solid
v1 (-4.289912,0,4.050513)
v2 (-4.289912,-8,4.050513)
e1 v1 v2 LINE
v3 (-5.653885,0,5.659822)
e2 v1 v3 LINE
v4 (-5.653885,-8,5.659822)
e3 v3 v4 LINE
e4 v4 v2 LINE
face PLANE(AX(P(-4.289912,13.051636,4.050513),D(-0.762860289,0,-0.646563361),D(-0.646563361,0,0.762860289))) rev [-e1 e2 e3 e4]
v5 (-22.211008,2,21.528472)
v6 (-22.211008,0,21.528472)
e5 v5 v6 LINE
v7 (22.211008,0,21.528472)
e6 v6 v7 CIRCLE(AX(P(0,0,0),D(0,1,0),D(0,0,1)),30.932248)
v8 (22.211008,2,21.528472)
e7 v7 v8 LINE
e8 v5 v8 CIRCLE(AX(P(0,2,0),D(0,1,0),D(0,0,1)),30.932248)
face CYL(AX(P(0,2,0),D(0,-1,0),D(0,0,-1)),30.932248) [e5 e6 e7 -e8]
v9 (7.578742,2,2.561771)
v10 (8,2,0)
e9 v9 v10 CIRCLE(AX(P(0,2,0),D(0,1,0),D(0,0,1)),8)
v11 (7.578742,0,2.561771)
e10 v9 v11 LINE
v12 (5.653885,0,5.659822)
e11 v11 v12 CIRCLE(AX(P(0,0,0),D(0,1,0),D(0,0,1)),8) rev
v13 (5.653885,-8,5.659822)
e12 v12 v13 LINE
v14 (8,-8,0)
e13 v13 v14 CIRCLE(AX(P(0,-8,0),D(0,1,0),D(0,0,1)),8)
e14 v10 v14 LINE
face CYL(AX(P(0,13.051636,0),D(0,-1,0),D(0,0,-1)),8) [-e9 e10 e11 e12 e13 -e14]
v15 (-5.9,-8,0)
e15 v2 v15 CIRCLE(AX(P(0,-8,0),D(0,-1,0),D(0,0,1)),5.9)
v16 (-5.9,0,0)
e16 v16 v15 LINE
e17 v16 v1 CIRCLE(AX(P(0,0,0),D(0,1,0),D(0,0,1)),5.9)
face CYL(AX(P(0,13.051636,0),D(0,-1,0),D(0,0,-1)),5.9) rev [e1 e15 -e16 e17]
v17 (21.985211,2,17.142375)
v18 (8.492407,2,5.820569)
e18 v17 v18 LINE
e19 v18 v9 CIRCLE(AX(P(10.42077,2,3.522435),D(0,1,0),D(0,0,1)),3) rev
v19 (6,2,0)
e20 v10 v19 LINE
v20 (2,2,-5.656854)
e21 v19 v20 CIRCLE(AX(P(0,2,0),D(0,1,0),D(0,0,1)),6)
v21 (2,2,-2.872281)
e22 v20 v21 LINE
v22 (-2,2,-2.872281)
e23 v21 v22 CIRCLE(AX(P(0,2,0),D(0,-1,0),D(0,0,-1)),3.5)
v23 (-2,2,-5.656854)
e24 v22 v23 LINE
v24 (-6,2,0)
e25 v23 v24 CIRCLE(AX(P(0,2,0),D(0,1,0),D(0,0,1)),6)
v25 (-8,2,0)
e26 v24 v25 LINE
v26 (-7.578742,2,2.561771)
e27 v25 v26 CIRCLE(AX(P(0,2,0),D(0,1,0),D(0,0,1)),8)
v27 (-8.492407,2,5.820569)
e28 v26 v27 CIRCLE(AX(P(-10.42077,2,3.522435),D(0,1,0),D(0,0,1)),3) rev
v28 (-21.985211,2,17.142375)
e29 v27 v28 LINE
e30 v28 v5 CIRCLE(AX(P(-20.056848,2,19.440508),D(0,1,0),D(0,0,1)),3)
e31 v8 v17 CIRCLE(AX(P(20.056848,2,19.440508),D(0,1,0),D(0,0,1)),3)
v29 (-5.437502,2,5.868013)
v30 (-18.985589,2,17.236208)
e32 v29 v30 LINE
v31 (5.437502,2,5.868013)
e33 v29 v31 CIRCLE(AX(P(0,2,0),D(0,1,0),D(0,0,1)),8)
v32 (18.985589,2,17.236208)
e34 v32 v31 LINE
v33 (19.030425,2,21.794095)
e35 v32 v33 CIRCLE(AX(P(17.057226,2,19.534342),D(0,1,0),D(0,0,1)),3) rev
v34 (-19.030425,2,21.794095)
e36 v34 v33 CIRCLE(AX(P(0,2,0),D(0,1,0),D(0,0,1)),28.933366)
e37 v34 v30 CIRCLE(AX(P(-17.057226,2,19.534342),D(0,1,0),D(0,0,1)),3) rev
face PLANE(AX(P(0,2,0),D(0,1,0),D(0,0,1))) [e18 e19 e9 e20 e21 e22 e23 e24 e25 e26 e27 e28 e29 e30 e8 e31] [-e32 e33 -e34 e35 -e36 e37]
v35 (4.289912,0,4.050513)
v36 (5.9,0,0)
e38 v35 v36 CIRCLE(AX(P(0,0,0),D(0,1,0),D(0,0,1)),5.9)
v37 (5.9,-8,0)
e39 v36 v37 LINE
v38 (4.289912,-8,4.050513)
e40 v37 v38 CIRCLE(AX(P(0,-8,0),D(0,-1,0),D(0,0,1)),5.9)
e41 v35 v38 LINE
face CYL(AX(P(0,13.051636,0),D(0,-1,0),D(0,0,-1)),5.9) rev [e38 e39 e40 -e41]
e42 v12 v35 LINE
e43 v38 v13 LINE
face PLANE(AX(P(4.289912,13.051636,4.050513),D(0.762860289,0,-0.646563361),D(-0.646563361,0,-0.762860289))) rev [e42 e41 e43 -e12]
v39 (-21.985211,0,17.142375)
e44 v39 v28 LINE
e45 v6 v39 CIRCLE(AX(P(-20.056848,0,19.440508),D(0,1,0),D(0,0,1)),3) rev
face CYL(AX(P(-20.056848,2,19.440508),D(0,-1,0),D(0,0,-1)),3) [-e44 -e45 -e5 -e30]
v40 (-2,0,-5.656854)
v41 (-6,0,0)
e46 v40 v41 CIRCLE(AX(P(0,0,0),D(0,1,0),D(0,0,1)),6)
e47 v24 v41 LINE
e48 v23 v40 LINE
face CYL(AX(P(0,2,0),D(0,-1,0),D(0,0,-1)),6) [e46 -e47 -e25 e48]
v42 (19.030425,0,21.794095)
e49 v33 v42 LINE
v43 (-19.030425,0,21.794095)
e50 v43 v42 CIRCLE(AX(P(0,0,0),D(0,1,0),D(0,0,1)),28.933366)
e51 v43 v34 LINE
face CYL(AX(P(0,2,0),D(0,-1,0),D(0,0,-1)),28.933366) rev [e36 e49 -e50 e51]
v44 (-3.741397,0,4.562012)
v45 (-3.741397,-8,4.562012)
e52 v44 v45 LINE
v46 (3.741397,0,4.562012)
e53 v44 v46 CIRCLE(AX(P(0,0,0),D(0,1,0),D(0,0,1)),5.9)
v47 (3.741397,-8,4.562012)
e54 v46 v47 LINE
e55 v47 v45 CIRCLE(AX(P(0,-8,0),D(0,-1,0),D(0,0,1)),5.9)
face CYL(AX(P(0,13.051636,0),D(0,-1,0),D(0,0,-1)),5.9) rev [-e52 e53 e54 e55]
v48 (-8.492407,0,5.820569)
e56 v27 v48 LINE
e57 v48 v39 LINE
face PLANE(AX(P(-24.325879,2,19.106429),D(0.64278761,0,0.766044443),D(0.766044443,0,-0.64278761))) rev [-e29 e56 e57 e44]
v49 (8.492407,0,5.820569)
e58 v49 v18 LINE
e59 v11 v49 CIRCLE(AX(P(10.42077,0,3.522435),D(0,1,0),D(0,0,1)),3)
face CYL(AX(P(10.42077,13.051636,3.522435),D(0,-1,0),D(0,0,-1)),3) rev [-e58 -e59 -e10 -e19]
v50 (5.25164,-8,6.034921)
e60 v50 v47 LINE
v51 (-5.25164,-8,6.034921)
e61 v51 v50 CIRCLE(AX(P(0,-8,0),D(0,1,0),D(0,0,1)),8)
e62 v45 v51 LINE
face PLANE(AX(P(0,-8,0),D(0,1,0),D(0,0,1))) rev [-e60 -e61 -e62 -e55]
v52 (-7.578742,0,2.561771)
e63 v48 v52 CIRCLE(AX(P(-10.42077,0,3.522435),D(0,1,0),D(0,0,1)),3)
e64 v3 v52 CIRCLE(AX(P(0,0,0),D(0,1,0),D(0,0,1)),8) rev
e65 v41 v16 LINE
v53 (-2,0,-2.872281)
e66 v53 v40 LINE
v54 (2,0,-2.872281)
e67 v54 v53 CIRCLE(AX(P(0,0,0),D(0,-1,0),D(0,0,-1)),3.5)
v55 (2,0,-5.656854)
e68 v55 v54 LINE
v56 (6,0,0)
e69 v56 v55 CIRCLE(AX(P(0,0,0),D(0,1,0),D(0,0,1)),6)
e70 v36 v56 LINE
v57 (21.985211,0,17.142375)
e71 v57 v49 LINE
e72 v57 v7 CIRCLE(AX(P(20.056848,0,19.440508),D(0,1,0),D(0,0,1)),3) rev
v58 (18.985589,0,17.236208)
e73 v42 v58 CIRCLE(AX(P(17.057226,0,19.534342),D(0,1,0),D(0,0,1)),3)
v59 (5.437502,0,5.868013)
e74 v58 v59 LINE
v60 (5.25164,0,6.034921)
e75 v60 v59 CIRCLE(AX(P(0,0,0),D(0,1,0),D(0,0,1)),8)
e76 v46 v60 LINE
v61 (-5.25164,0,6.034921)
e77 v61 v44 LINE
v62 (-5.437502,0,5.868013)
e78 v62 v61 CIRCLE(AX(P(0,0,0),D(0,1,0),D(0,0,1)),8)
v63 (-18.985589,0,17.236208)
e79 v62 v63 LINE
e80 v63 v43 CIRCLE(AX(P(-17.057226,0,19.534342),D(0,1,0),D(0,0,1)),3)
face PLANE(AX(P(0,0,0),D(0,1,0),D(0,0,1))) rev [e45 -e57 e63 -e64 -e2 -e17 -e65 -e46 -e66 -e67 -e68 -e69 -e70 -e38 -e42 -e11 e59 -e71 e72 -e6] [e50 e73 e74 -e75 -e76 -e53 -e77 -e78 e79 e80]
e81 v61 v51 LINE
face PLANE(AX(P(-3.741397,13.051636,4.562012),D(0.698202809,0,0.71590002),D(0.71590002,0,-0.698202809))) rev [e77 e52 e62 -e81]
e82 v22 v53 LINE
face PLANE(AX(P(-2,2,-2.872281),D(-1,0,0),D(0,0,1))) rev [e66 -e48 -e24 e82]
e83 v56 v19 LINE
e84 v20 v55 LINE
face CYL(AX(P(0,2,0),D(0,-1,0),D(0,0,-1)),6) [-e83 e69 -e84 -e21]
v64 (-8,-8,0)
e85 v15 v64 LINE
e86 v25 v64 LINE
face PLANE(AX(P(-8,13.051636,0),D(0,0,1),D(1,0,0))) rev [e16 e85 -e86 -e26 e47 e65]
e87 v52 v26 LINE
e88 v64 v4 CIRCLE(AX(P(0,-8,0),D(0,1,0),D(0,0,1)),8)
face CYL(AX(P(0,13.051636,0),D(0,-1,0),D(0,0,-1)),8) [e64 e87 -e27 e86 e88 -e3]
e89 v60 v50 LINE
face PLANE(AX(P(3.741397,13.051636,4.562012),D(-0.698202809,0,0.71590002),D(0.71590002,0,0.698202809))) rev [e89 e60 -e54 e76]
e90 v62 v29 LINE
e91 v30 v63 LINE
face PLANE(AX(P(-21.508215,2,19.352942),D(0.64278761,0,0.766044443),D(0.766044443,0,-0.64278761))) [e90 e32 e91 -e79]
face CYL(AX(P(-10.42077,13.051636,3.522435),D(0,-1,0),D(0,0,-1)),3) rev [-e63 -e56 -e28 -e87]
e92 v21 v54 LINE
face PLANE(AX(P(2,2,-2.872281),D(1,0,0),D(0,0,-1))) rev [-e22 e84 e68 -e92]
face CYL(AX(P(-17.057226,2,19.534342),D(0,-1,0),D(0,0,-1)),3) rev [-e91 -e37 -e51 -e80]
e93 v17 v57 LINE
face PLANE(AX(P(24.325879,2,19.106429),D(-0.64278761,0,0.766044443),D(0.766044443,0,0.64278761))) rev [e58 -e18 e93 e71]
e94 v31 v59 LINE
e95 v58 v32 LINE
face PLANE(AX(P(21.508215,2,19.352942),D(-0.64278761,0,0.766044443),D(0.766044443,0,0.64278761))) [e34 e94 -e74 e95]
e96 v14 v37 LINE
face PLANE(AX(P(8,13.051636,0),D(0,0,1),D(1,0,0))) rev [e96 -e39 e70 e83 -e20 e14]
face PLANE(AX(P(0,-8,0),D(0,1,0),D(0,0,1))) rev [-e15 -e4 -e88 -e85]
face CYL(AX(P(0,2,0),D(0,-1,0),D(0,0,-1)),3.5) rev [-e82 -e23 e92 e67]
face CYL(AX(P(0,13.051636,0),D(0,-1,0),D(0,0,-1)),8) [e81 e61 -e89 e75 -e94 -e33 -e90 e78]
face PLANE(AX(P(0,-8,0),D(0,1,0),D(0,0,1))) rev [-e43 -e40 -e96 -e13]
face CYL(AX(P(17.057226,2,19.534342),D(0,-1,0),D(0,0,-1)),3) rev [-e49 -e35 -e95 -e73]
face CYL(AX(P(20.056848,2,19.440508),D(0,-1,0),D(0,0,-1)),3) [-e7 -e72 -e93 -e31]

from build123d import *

# Parameters (mm, degrees)
BOSS_EXTRUDE1_DEPTH             = 2
BOSS_EXTRUDE2_DEPTH             = 8
BOSS_EXTRUDE2_DIRECTION_2_REACH = 41.402
BOSS_EXTRUDE3_START             = 2
BOSS_EXTRUDE3_DEPTH             = 2
FILLET1_R                       = 3


with BuildPart() as part:
    # Sketch1 → Boss-Extrude1 (new body)
    with BuildSketch(Plane(origin=(0, 0, 0), x_dir=(1, 0, 0), z_dir=(0, 1, 0))):
        with BuildLine():
            Line((-2, 2.872281323), (-2, 5.656854249))
            ThreePointArc((-2, 5.656854249), (-3.622947325, 4.782703491), (-4.903918858, 3.457105702))
            ThreePointArc((-4.903918858, 3.457105702), (-5.994787991, 0.250033892), (-5.174767653, -3.036738339))
            Line((-5.174767653, -3.036738339), (-24.325878731, -19.106428582))
            ThreePointArc((-24.325878731, -19.106428582), (0, -30.932248369), (24.325878731, -19.106428582))
            Line((24.325878731, -19.106428582), (5.174767653, -3.036738339))
            ThreePointArc((5.174767653, -3.036738339), (5.869268357, 1.245668074), (3.495228191, 4.876820675))
            ThreePointArc((3.495228191, 4.876820675), (2.775156989, 5.319633793), (2, 5.656854249))
            Line((2, 5.656854249), (2, 2.872281323))
            ThreePointArc((2, 2.872281323), (0, -3.5), (-2, 2.872281323))
        make_face()
        with BuildLine():
            Line((21.508214625, -19.352942248), (3.889192433, -4.568827226))
            ThreePointArc((3.889192433, -4.568827226), (1.593935567, -5.784407438), (-1, -5.916079783))
            ThreePointArc((-1, -5.916079783), (-2.53570957, -5.437846722), (-3.889192433, -4.568827226))
            Line((-3.889192433, -4.568827226), (-21.508214625, -19.352942248))
            ThreePointArc((-21.508214625, -19.352942248), (0, -28.933366033), (21.508214625, -19.352942248))
        make_face(mode=Mode.SUBTRACT)
    extrude(amount=BOSS_EXTRUDE1_DEPTH)

    # Sketch2 → Boss-Extrude2 (add)
    with BuildSketch(Plane(origin=(0, 0, 0), x_dir=(1, 0, 0), z_dir=(0, 1, 0))):
        with BuildLine():
            Line((-8, 0), (-5.9, 0))
            ThreePointArc((-5.9, 0), (-5.482722017, -2.179394246), (-4.289912109, -4.050512819))
            Line((-4.289912109, -4.050512819), (-5.653884688, -5.659822253))
            ThreePointArc((-5.653884688, -5.659822253), (-7.390232659, -3.063406804), (-8, 0))
        make_face()
        with BuildLine():
            Line((8, 0), (5.9, 0))
            ThreePointArc((5.9, 0), (5.482722017, -2.179394246), (4.289912109, -4.050512819))
            Line((4.289912109, -4.050512819), (5.653884688, -5.659822253))
            ThreePointArc((5.653884688, -5.659822253), (7.390232659, -3.063406804), (8, 0))
        make_face()
        with BuildLine():
            Line((3.741396832, -4.562011589), (5.251640152, -6.034921351))
            ThreePointArc((5.251640152, -6.034921351), (0, -8), (-5.251640152, -6.034921351))
            Line((-5.251640152, -6.034921351), (-3.741396832, -4.562011589))
            ThreePointArc((-3.741396832, -4.562011589), (0, -5.9), (3.741396832, -4.562011589))
        make_face()
    extrude(amount=-BOSS_EXTRUDE2_DEPTH)

    # Boss-Extrude2 direction 2: up to this face of the body (flat: up to its plane)
    boss_extrude2_direction_2_end = Plane(part.part.faces().sort_by_distance((14.359026746, 2, 11.537912405))[0])
    # Sketch2 → Boss-Extrude2 direction 2 (add, up to the picked face)
    with BuildSketch(Plane(origin=(0, 0, 0), x_dir=(1, 0, 0), z_dir=(0, 1, 0)), mode=Mode.PRIVATE) as boss_extrude2_direction_2_sk1:
        with BuildLine():
            Line((-8, 0), (-5.9, 0))
            ThreePointArc((-5.9, 0), (-5.482722017, -2.179394246), (-4.289912109, -4.050512819))
            Line((-4.289912109, -4.050512819), (-5.653884688, -5.659822253))
            ThreePointArc((-5.653884688, -5.659822253), (-7.390232659, -3.063406804), (-8, 0))
        make_face()
    boss_extrude2_direction_2_tool1 = split(extrude(boss_extrude2_direction_2_sk1.sketch, amount=BOSS_EXTRUDE2_DIRECTION_2_REACH, mode=Mode.PRIVATE), bisect_by=boss_extrude2_direction_2_end, keep=Keep.BOTH, mode=Mode.PRIVATE)
    # Sketch2 → Boss-Extrude2 direction 2 (add, up to the picked face)
    with BuildSketch(Plane(origin=(0, 0, 0), x_dir=(1, 0, 0), z_dir=(0, 1, 0)), mode=Mode.PRIVATE) as boss_extrude2_direction_2_sk2:
        with BuildLine():
            Line((8, 0), (5.9, 0))
            ThreePointArc((5.9, 0), (5.482722017, -2.179394246), (4.289912109, -4.050512819))
            Line((4.289912109, -4.050512819), (5.653884688, -5.659822253))
            ThreePointArc((5.653884688, -5.659822253), (7.390232659, -3.063406804), (8, 0))
        make_face()
    boss_extrude2_direction_2_tool2 = split(extrude(boss_extrude2_direction_2_sk2.sketch, amount=BOSS_EXTRUDE2_DIRECTION_2_REACH, mode=Mode.PRIVATE), bisect_by=boss_extrude2_direction_2_end, keep=Keep.BOTH, mode=Mode.PRIVATE)
    # Sketch2 → Boss-Extrude2 direction 2 (add, up to the picked face)
    with BuildSketch(Plane(origin=(0, 0, 0), x_dir=(1, 0, 0), z_dir=(0, 1, 0)), mode=Mode.PRIVATE) as boss_extrude2_direction_2_sk3:
        with BuildLine():
            Line((3.741396832, -4.562011589), (5.251640152, -6.034921351))
            ThreePointArc((5.251640152, -6.034921351), (0, -8), (-5.251640152, -6.034921351))
            Line((-5.251640152, -6.034921351), (-3.741396832, -4.562011589))
            ThreePointArc((-3.741396832, -4.562011589), (0, -5.9), (3.741396832, -4.562011589))
        make_face()
    boss_extrude2_direction_2_tool3 = split(extrude(boss_extrude2_direction_2_sk3.sketch, amount=BOSS_EXTRUDE2_DIRECTION_2_REACH, mode=Mode.PRIVATE), bisect_by=boss_extrude2_direction_2_end, keep=Keep.BOTH, mode=Mode.PRIVATE)
    add(boss_extrude2_direction_2_tool1.solids().sort_by(Axis((-6.329529, 0, 2.580804), (0, 1, 0)))[0])
    add(boss_extrude2_direction_2_tool2.solids().sort_by(Axis((6.329529, 0, 2.580804), (0, 1, 0)))[0])
    add(boss_extrude2_direction_2_tool3.solids().sort_by(Axis((0, 0, 6.444232), (0, 1, 0)))[0])

    # Sketch3 → Boss-Extrude3 (add)
    with BuildSketch(Plane(origin=(0, 0, 0), x_dir=(1, 0, 0), z_dir=(0, 1, 0)).offset(BOSS_EXTRUDE3_START)):
        with BuildLine():
            Line((-8, 0), (-5.903175189, 0))
            ThreePointArc((-5.903175189, 0), (0, -5.903175189), (5.903175189, 0))
            Line((5.903175189, 0), (8, 0))
            ThreePointArc((8, 0), (0, -8), (-8, 0))
        make_face()
    extrude(amount=-BOSS_EXTRUDE3_DEPTH)

    # Fillet1
    fillet1_edges = [part.edges().sort_by_distance(p)[0] for p in [
        (24.325878731, 1, 19.106428582),
        (-24.325878731, 1, 19.106428582),
        (-21.508214625, 1, 19.352942248),
        (21.508214625, 1, 19.352942248),
        (-6.723076879, 1, 4.33592404),
        (6.723076879, 1, 4.33592404),
    ]]
    fillet(fillet1_edges, radius=FILLET1_R)


solid = part.part
